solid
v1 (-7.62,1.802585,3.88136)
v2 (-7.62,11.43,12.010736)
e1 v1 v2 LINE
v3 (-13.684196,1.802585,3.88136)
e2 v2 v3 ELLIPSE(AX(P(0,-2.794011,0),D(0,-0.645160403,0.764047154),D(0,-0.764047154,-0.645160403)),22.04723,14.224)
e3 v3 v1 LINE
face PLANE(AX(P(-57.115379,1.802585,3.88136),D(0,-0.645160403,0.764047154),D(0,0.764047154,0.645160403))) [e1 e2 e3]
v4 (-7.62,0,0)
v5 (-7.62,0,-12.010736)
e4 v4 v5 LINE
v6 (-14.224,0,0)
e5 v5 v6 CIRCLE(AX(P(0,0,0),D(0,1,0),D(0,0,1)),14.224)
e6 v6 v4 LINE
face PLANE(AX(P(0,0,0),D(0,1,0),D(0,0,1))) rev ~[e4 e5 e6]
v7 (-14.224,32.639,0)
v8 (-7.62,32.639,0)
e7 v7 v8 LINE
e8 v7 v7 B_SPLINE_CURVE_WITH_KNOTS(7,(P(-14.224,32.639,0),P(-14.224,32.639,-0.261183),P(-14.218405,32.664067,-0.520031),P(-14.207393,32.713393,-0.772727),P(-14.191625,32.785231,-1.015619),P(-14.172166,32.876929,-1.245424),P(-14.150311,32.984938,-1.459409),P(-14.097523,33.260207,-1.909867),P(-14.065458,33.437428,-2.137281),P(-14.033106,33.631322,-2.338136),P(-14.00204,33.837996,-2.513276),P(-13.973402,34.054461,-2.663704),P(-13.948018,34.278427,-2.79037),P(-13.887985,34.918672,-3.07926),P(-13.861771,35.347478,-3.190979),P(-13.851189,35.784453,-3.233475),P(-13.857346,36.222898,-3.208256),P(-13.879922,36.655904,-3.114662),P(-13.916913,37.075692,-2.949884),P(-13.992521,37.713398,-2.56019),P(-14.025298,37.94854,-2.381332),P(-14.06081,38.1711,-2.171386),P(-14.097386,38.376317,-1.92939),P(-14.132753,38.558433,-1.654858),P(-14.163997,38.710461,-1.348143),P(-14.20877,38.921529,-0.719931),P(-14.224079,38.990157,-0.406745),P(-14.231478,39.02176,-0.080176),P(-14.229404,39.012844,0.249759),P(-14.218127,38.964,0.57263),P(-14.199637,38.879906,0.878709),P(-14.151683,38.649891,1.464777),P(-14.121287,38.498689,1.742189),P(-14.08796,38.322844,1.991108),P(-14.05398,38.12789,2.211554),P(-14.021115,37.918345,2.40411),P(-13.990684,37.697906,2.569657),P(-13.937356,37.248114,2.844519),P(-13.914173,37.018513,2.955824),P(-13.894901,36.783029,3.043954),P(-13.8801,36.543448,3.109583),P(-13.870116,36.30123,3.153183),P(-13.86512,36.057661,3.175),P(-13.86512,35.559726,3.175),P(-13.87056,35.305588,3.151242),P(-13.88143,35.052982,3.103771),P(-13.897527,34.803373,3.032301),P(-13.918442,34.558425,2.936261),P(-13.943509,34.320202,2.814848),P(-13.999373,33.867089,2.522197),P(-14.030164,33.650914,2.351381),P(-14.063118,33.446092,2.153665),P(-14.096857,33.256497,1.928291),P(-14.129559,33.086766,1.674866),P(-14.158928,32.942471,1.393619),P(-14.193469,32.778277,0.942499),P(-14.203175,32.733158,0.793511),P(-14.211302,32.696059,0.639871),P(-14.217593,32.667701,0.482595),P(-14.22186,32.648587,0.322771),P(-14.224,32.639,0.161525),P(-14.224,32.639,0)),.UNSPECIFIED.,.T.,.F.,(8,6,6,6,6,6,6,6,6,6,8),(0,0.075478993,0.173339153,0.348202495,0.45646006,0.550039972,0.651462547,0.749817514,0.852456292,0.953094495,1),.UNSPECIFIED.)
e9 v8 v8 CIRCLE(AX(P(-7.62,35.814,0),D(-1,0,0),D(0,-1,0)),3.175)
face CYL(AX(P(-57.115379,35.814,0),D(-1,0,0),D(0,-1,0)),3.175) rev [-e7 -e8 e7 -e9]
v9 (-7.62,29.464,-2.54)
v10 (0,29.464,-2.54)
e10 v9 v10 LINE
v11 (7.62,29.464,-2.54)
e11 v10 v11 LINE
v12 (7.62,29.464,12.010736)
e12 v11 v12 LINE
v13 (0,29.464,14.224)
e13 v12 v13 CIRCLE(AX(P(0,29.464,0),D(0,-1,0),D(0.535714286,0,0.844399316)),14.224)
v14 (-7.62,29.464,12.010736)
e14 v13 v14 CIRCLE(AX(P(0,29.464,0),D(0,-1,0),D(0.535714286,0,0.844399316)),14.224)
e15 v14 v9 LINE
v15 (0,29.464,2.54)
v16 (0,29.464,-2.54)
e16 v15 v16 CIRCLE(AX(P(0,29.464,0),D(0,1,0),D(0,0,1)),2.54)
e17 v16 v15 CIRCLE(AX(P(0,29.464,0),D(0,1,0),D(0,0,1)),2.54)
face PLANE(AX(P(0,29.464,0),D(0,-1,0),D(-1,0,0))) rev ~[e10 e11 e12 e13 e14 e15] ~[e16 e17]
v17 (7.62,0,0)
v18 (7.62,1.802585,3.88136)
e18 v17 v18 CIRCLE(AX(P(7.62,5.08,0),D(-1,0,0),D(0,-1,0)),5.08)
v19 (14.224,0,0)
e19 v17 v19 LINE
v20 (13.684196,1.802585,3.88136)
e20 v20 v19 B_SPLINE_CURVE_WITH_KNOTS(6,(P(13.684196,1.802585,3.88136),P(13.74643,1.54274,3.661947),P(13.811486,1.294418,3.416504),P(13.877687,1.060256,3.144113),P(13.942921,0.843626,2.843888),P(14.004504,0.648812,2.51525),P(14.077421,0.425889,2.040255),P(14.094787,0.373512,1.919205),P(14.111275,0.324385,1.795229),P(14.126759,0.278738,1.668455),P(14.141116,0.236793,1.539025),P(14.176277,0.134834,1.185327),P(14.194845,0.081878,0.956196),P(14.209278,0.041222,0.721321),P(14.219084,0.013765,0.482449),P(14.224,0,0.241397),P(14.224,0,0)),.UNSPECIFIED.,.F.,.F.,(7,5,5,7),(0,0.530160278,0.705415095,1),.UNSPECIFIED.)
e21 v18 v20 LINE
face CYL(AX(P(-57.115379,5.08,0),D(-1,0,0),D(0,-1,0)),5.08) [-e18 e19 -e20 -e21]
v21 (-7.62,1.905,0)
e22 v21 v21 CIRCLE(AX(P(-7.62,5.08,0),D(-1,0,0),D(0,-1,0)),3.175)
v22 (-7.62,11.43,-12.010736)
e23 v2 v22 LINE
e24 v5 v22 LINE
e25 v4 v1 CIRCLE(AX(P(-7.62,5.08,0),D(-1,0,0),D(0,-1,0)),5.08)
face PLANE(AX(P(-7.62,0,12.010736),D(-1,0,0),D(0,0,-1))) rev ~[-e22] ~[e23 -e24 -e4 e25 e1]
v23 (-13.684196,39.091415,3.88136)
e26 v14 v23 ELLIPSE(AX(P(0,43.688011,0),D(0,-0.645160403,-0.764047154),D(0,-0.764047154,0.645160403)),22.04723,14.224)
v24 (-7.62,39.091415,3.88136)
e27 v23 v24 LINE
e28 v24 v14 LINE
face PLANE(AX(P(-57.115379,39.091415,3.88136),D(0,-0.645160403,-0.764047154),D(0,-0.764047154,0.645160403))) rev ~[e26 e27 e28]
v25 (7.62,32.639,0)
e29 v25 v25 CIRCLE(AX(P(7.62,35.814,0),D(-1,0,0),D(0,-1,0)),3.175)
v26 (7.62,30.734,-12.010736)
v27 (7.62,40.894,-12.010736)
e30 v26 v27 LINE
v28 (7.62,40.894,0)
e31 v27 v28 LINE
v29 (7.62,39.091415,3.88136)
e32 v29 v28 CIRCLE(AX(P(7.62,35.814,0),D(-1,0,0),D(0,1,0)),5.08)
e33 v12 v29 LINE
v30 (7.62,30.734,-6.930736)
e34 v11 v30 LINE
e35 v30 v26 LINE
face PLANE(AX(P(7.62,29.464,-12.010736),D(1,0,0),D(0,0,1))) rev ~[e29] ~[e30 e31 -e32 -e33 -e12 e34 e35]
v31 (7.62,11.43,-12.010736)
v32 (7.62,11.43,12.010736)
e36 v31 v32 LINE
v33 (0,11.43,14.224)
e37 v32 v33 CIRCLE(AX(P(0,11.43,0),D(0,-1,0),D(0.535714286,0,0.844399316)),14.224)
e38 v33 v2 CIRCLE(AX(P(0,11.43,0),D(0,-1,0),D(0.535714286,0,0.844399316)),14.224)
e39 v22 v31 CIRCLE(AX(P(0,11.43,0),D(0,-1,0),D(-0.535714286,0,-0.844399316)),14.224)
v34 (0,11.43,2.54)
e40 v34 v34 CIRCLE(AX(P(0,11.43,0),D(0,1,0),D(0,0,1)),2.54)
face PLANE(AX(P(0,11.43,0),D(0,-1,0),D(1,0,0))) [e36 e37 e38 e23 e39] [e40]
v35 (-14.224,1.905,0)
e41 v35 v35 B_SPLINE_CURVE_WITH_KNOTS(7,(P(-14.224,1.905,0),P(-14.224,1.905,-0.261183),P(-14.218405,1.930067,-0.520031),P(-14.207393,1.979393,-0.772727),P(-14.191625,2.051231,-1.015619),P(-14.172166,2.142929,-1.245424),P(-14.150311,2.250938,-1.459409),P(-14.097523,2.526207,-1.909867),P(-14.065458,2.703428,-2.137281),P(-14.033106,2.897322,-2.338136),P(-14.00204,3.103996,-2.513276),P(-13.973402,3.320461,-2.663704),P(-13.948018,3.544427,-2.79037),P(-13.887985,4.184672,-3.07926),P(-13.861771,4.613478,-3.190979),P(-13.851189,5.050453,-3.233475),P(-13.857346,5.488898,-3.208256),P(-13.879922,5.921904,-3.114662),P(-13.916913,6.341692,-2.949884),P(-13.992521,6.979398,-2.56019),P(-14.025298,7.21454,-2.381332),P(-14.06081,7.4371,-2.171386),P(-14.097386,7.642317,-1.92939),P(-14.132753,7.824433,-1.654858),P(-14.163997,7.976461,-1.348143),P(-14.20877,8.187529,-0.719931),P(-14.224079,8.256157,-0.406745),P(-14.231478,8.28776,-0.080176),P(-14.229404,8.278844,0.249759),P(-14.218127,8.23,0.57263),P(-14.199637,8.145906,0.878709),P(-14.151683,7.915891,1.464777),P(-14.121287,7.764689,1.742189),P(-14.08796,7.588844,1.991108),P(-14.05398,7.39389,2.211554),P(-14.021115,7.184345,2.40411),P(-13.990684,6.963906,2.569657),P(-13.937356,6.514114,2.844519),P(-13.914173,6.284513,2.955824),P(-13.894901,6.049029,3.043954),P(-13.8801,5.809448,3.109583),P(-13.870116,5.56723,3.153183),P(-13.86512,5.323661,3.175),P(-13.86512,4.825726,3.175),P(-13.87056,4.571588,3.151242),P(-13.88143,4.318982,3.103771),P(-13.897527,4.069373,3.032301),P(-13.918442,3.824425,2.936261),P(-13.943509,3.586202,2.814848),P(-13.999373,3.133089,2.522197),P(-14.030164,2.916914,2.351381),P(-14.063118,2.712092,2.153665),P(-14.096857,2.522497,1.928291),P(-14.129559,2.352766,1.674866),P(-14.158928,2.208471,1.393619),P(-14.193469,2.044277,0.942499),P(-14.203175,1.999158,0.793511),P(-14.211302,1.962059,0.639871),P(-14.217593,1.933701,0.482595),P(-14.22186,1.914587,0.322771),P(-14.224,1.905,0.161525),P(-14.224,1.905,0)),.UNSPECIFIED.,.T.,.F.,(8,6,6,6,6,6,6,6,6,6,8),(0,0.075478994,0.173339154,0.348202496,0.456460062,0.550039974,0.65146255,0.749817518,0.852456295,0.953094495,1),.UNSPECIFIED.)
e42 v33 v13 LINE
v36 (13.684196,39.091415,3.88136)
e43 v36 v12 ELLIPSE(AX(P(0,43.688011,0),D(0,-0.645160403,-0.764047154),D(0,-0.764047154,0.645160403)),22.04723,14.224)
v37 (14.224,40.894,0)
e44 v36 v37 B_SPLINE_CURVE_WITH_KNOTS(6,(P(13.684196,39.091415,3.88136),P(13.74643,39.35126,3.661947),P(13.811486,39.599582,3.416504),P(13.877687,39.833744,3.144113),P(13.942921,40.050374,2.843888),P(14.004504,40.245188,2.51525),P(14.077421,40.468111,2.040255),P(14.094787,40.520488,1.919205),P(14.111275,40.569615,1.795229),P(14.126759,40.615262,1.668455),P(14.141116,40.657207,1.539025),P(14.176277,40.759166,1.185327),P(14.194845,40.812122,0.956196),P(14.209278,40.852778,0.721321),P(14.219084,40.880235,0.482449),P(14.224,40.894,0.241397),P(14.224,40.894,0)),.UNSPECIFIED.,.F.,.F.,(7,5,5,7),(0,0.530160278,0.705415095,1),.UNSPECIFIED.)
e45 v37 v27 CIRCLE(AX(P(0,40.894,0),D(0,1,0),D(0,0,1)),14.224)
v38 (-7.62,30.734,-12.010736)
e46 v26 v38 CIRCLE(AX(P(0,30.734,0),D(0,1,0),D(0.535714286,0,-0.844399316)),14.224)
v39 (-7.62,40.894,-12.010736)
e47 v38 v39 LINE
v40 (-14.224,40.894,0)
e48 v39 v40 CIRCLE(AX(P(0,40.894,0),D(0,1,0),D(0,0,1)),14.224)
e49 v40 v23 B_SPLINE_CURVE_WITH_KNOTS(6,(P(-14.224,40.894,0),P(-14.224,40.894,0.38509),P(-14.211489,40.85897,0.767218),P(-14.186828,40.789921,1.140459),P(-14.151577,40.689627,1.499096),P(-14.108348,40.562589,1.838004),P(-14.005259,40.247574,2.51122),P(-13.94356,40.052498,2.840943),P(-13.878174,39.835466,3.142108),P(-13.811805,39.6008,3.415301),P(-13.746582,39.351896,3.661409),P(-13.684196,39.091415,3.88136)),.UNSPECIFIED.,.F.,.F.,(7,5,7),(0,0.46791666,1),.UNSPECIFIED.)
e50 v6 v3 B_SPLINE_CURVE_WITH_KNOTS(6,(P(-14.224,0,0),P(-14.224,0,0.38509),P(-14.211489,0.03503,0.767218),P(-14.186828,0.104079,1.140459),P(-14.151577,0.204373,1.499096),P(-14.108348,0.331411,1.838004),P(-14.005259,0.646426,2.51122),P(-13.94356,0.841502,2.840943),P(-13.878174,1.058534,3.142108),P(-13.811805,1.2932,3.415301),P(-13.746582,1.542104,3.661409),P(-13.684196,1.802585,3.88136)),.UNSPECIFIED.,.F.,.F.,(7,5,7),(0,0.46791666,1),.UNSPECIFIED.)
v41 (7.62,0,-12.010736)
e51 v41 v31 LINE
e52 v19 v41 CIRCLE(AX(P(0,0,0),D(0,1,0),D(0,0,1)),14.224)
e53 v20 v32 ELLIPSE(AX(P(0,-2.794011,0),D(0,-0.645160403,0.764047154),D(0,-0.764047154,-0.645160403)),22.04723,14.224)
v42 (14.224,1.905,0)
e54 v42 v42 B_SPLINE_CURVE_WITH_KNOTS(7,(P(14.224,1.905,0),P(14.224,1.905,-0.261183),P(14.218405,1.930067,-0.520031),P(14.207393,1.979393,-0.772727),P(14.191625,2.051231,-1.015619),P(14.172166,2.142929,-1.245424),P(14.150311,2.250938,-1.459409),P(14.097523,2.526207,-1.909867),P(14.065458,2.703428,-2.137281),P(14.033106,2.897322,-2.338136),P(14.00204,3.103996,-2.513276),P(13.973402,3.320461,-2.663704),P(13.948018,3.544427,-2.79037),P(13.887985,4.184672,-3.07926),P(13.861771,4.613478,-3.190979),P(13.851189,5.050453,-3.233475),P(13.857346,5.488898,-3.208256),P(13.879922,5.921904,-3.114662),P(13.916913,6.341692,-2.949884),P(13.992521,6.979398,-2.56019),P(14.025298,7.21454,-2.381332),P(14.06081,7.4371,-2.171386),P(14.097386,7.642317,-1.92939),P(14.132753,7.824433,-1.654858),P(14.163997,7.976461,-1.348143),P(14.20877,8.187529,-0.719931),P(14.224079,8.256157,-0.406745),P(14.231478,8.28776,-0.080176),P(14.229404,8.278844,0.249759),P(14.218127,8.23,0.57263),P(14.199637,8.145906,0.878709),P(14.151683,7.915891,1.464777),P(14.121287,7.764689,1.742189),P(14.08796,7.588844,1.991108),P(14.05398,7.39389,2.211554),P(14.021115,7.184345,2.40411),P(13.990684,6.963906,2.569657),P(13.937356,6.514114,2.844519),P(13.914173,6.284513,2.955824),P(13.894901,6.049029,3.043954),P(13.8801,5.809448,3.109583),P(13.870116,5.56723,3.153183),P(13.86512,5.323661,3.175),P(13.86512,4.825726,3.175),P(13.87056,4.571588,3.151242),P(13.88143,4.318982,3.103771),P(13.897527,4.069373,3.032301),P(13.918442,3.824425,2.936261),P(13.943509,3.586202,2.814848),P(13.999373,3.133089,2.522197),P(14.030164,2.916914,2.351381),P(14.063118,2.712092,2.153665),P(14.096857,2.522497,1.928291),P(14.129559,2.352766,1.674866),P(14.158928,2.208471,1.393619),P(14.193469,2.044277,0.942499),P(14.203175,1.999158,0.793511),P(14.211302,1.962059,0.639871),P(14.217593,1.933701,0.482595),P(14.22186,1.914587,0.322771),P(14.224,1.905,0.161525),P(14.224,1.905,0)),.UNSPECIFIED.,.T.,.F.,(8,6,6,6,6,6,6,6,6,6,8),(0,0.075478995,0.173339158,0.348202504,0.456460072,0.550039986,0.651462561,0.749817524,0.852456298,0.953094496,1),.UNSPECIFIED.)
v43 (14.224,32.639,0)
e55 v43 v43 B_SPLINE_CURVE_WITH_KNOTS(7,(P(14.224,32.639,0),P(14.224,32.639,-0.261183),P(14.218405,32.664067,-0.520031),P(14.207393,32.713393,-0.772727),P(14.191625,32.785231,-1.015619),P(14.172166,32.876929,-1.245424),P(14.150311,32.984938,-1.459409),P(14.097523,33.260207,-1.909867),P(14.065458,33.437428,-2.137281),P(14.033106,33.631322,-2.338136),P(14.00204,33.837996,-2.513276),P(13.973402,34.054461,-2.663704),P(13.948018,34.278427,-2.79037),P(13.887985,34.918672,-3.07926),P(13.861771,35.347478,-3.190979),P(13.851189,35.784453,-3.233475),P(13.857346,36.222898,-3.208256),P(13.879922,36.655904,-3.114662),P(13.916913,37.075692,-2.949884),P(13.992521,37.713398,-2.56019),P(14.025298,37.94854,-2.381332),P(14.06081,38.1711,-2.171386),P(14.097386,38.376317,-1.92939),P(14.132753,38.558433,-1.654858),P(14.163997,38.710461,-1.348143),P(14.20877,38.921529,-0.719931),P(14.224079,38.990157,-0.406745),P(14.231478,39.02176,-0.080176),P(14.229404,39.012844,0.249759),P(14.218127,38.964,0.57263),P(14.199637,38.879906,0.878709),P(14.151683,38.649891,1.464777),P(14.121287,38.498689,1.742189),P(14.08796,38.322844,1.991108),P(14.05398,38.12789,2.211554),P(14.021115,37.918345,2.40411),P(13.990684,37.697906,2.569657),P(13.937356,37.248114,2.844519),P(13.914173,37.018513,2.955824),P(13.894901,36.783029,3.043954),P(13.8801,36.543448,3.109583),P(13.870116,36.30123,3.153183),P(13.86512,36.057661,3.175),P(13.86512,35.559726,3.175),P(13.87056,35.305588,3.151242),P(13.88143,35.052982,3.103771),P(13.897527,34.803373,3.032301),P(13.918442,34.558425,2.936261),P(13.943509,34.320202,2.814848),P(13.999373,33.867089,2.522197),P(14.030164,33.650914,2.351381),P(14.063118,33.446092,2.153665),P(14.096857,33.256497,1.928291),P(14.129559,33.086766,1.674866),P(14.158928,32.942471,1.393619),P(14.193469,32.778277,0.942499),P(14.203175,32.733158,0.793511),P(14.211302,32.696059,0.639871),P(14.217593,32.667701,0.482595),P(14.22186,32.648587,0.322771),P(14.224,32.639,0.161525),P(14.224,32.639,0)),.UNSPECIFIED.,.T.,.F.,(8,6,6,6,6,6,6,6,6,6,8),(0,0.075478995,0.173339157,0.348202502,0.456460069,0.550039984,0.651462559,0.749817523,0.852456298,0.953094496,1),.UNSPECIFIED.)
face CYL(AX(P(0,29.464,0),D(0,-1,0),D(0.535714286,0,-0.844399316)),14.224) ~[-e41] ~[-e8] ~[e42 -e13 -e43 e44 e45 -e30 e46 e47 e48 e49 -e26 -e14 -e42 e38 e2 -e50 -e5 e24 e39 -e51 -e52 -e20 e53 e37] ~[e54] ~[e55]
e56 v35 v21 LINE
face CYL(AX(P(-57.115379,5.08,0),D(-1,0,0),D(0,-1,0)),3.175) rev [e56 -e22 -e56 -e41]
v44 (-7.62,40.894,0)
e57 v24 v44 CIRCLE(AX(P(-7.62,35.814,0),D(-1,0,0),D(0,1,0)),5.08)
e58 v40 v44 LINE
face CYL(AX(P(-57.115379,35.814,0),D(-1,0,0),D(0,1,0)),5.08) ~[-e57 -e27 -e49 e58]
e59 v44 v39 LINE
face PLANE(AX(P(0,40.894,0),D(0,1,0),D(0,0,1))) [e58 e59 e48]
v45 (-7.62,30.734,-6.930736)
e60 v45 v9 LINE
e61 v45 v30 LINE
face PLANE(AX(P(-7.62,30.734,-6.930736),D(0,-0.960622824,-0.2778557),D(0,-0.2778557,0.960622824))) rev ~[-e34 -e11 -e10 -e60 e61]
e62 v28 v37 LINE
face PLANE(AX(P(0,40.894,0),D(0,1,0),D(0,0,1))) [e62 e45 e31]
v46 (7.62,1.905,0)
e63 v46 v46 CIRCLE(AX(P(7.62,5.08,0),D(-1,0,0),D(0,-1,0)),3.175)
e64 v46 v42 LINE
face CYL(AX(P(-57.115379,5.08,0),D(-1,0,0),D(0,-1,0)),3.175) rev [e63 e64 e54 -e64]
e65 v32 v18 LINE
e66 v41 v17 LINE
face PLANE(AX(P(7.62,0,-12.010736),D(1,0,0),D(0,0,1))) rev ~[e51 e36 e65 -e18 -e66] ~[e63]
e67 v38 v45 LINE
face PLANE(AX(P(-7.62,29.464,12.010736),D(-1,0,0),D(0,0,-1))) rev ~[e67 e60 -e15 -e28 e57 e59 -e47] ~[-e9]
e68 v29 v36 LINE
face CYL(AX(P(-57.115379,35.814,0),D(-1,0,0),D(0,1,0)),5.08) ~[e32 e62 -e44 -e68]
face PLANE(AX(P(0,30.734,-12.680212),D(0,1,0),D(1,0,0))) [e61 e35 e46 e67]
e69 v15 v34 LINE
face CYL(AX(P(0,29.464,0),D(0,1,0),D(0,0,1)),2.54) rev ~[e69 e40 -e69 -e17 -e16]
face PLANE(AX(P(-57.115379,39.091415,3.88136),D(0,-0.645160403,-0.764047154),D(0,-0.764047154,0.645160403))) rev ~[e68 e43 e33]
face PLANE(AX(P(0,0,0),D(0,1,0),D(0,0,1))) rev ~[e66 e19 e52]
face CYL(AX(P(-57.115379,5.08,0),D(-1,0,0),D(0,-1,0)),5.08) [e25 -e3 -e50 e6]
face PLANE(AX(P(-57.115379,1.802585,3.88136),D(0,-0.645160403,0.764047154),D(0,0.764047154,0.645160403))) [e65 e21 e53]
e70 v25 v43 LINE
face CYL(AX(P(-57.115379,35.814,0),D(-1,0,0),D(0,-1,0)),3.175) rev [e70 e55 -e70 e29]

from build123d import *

# Parameters (mm, degrees)
SKETCH1_R               = 14.224
BOSS_EXTRUDE1_DEPTH     = 40.894
CUT_EXTRUDE1_START      = -11.43
CUT_EXTRUDE1_DEPTH      = 11.43
CUT_EXTRUDE2_DEPTH      = 11.43
CUT_EXTRUDE3_DEPTH      = 49.495378625
CUT_EXTRUDE3_DEPTH_BACK = 49.495378625
SKETCH4_R               = 3.175
SKETCH5_R               = 2.54
CUT_EXTRUDE4_DEPTH      = 36.67592549
BOSS_EXTRUDE2_REACH     = 50.495
BOSS_EXTRUDE3_DEPTH     = 1.27


with BuildPart() as part:
    # Sketch1 → Boss-Extrude1 (new body)
    with BuildSketch(Plane(origin=(0, 0, 0), x_dir=(1, 0, 0), z_dir=(0, 1, 0))):
        with Locations(Location((0, 0, 0), (0, 0, 270))):
            Circle(SKETCH1_R)
    extrude(amount=BOSS_EXTRUDE1_DEPTH)

    # Sketch2 → Cut-Extrude1 (cut)
    with BuildSketch(Plane(origin=(0, 40.894, 0), x_dir=(1, 0, 0), z_dir=(0, 1, 0)).offset(CUT_EXTRUDE1_START)):
        with BuildLine():
            Line((7.62, 12.010735864), (7.62, -12.010735864))
            ThreePointArc((7.62, -12.010735864), (0, -14.224), (-7.62, -12.010735864))
            Line((-7.62, -12.010735864), (-7.62, 12.010735864))
            ThreePointArc((-7.62, 12.010735864), (0, 14.224), (7.62, 12.010735864))
        make_face()
    extrude(amount=CUT_EXTRUDE1_DEPTH, mode=Mode.SUBTRACT)

    # Sketch3 → Cut-Extrude2 (cut)
    with BuildSketch(Plane.XZ):
        with BuildLine():
            Line((-7.62, 12.010735864), (-7.62, -12.010735864))
            ThreePointArc((-7.62, -12.010735864), (0, -14.224), (7.62, -12.010735864))
            Line((7.62, -12.010735864), (7.62, 12.010735864))
            ThreePointArc((7.62, 12.010735864), (0, 14.224), (-7.62, 12.010735864))
        make_face()
    extrude(amount=-CUT_EXTRUDE2_DEPTH, mode=Mode.SUBTRACT)

    # Sketch4 → Cut-Extrude3 (cut, two sides: drawn at the far end of the back side and taken through both)
    with BuildSketch(Plane(origin=(-7.62, 0, 0), x_dir=(0, 0, -1), z_dir=(1, 0, 0)).offset(-CUT_EXTRUDE3_DEPTH_BACK)):
        with Locations(Location((0, 35.814, 0), (0, 0, 270))):
            Circle(SKETCH4_R)
        with Locations(Location((0, 5.08, 0), (0, 0, 270))):
            Circle(SKETCH4_R)
        with BuildLine():
            Line((-3.881359545, 39.091414848), (-12.010735864, 29.464))
            Line((-12.010735864, 29.464), (-12.010735864, 40.894))
            Line((-12.010735864, 40.894), (0, 40.894))
            ThreePointArc((0, 40.894), (-2.139758464, 40.42136733), (-3.881359545, 39.091414848))
        make_face()
        with BuildLine():
            Line((-3.881359545, 1.802585152), (-12.010735864, 11.43))
            Line((-12.010735864, 11.43), (-12.010735864, 0))
            Line((-12.010735864, 0), (0, 0))
            ThreePointArc((0, 0), (-2.139758464, 0.47263267), (-3.881359545, 1.802585152))
        make_face()
    extrude(amount=CUT_EXTRUDE3_DEPTH + CUT_EXTRUDE3_DEPTH_BACK, mode=Mode.SUBTRACT)

    # Sketch5 → Cut-Extrude4 (cut, through all)
    with BuildSketch(Plane(origin=(0, 29.464, 0), x_dir=(1, 0, 0), z_dir=(0, 1, 0))):
        with Locations(Location((0, 0, 0), (0, 0, 270))):
            Circle(SKETCH5_R)
    extrude(amount=-CUT_EXTRUDE4_DEPTH, mode=Mode.SUBTRACT)

    # Boss-Extrude2: up to this face of the body (flat: up to its plane)
    boss_extrude2_end = Plane(part.part.faces().sort_by_distance((7.62, 29.730021804, 0))[0])
    # Sketch6 → Boss-Extrude2 (add, up to the picked face)
    with BuildSketch(Plane(origin=(-7.62, 0, 0), x_dir=(0, 0, -1), z_dir=(1, 0, 0)), mode=Mode.PRIVATE) as boss_extrude2_sk1:
        Polygon((2.54, 29.464), (12.010735864, 29.464), (12.010735864, 30.734), (6.930735864, 30.734), align=None)
    boss_extrude2_tool1 = split(extrude(boss_extrude2_sk1.sketch, amount=BOSS_EXTRUDE2_REACH, mode=Mode.PRIVATE), bisect_by=boss_extrude2_end, keep=Keep.BOTH, mode=Mode.PRIVATE)
    add(boss_extrude2_tool1.solids().sort_by(Axis((-7.62, 30.035129, -8.262642), (1, 0, 0)))[0])

    # Sketch7 → Boss-Extrude3 (add)
    with BuildSketch(Plane(origin=(0, 29.464, 0), x_dir=(1, 0, 0), z_dir=(0, 1, 0))):
        with BuildLine():
            Line((-7.62, 12.010735864), (7.62, 12.010735864))
            ThreePointArc((7.62, 12.010735864), (0, 14.224), (-7.62, 12.010735864))
        make_face()
    extrude(amount=BOSS_EXTRUDE3_DEPTH)


solid = part.part
